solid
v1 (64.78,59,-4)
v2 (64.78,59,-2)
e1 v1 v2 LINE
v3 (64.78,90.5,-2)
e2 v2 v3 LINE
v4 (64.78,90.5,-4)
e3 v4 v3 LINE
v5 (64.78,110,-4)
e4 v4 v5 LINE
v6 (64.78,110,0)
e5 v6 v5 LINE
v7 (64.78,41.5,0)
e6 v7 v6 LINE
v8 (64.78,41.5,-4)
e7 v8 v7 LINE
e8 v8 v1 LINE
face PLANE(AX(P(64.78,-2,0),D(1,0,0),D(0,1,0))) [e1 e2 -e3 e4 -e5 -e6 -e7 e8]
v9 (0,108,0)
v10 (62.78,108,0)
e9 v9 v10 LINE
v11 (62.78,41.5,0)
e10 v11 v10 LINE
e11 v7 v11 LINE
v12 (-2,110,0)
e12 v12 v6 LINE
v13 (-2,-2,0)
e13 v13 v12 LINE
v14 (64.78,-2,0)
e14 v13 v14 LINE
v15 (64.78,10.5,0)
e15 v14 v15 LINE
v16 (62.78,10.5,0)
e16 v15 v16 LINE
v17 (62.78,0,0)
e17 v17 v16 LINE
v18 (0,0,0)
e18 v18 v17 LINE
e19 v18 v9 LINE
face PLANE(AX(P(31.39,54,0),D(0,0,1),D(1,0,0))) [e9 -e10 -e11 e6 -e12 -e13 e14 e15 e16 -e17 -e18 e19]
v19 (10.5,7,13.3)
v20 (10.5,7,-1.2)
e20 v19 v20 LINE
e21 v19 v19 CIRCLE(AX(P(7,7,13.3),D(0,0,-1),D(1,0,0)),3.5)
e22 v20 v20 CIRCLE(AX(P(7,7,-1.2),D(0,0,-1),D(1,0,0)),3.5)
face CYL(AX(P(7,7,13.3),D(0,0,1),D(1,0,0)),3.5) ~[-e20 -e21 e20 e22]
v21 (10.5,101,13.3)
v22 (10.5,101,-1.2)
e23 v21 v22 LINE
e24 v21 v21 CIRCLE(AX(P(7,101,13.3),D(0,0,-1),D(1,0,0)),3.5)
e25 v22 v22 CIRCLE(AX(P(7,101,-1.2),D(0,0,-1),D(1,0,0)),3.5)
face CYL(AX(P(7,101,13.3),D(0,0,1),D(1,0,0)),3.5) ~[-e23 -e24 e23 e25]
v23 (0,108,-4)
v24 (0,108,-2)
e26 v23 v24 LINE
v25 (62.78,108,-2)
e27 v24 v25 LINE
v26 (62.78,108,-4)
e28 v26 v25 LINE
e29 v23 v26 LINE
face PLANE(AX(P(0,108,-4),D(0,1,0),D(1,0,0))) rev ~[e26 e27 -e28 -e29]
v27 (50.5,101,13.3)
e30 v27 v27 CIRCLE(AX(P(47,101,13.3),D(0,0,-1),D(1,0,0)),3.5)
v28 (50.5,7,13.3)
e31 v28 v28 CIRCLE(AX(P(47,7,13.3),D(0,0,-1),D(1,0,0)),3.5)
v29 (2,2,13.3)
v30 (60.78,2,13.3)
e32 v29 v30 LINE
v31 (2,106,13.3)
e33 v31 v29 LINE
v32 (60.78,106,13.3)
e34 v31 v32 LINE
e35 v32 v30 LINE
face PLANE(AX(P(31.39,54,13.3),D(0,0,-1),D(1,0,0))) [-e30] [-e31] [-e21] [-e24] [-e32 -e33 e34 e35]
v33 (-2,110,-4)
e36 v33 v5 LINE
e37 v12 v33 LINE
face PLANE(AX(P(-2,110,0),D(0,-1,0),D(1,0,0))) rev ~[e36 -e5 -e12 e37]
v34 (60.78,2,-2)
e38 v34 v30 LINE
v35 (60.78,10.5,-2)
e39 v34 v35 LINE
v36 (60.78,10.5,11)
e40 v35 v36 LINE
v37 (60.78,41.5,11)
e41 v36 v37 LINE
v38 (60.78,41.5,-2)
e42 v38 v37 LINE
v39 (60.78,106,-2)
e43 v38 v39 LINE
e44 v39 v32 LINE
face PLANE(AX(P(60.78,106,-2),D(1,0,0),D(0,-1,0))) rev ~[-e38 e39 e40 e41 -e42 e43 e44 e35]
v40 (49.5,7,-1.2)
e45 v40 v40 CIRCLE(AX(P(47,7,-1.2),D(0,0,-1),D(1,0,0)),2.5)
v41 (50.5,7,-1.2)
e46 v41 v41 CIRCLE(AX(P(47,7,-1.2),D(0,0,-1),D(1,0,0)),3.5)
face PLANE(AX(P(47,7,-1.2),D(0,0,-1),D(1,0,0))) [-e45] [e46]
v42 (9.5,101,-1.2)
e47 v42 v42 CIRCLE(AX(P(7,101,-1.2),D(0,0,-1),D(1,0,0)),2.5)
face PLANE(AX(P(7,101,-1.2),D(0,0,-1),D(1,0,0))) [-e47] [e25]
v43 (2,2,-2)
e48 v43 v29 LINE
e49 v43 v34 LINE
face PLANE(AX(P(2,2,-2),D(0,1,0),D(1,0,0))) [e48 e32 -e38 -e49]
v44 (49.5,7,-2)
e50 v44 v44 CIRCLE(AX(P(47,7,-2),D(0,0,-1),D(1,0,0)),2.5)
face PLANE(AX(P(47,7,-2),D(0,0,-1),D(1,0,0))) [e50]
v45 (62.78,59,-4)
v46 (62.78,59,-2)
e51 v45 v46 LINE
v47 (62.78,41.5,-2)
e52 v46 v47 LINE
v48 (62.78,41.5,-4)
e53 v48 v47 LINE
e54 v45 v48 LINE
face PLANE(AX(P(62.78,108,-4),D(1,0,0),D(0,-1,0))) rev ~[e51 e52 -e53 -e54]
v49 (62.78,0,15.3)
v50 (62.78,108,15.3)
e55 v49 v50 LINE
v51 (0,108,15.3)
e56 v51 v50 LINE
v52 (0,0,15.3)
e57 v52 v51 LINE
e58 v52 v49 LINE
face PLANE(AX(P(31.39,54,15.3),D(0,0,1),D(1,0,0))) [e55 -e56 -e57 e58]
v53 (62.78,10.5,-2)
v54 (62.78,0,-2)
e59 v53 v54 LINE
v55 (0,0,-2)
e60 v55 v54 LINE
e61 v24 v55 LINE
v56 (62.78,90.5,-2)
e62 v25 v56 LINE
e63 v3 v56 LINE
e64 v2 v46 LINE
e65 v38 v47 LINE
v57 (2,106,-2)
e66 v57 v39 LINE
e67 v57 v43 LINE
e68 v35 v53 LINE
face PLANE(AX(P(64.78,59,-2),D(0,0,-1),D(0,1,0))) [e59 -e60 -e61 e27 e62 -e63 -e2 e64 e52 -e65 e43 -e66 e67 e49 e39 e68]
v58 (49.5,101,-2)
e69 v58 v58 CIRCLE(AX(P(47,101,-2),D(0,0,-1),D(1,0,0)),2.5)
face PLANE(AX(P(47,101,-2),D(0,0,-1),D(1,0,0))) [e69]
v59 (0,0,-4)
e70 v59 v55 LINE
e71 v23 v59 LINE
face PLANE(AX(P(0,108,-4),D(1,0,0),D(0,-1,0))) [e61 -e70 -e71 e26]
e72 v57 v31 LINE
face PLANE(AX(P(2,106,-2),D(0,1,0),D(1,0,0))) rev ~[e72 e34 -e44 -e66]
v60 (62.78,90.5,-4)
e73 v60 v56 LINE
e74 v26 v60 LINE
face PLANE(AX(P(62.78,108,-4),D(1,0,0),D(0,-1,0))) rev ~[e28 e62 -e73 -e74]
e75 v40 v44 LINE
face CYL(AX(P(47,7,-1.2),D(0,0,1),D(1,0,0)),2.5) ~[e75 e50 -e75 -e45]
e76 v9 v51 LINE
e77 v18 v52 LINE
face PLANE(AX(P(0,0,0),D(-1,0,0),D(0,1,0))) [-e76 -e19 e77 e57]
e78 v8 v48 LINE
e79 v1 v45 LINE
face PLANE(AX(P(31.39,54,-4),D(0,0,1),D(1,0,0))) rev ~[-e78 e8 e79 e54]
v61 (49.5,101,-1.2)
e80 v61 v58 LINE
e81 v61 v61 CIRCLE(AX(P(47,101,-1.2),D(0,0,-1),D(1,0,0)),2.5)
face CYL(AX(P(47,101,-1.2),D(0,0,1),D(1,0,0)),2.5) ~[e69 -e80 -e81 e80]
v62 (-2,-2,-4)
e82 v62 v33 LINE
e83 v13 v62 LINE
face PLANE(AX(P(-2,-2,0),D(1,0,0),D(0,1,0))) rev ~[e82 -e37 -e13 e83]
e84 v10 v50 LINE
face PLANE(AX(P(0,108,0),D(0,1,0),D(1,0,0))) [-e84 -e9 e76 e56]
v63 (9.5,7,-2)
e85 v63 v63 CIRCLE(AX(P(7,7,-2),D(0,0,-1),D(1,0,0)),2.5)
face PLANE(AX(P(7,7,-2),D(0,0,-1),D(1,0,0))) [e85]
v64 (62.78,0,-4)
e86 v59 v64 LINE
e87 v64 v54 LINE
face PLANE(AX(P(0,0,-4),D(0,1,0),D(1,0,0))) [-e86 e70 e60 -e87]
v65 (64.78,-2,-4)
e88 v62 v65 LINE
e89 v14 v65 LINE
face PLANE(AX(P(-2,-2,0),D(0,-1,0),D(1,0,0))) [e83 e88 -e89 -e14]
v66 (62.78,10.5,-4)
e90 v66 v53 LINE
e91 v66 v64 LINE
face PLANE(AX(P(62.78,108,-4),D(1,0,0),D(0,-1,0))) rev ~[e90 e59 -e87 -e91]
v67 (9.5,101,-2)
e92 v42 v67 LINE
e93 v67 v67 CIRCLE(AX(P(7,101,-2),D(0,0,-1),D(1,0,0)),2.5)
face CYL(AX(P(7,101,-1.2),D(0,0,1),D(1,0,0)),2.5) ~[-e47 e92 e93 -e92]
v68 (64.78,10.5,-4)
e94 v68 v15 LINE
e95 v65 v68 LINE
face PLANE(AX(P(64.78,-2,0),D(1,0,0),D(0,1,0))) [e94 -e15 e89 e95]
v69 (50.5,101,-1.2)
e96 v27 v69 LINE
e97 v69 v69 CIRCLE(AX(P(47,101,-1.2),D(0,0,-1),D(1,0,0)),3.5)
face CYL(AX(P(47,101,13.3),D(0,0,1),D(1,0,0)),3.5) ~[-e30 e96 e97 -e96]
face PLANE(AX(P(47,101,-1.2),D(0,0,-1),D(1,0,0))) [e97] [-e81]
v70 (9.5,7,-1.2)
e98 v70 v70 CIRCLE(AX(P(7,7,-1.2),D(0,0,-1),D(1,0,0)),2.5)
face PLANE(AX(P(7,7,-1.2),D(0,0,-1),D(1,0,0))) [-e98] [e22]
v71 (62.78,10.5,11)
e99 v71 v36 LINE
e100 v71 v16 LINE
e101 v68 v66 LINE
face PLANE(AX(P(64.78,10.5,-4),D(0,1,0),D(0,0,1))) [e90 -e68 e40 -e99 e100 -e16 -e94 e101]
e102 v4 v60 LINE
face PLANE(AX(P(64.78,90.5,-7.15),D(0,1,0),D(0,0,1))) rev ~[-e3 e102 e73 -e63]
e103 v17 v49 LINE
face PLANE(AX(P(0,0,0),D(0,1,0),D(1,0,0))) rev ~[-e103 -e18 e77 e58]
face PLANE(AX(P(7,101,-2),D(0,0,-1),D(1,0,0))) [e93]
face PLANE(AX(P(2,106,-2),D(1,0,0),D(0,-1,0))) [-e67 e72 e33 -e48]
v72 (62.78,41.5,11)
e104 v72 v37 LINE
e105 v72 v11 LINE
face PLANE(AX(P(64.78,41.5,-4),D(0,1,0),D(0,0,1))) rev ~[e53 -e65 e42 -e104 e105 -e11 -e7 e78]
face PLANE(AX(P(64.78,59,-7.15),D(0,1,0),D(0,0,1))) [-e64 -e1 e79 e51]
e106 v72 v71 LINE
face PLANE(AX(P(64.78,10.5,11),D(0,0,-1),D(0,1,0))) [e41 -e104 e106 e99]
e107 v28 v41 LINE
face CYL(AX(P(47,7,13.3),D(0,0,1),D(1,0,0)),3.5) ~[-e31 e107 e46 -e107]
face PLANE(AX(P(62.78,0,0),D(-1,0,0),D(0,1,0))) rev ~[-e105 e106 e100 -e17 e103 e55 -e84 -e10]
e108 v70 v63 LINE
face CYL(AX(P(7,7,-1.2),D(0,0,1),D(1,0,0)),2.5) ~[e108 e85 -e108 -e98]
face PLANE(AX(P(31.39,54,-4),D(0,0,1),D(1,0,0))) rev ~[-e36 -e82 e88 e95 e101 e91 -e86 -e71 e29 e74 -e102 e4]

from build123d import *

# Parameters (mm, degrees)
SKETCH004_W     = 66.78
SKETCH004_H     = 112
PAD002_DEPTH    = 4
SKETCH005_W     = 62.78
SKETCH005_H     = 108
PAD003_DEPTH    = 15.3
SKETCH006_W     = 62.78
SKETCH006_H     = 108
POCKET002_DEPTH = 2
SKETCH007_W     = 58.78
SKETCH007_H     = 104
POCKET003_DEPTH = 15.3
SKETCH008_R     = 3.5
PAD004_DEPTH    = 14.5
SKETCH009_R     = 2.5
PAD005_DEPTH    = 0.8
SKETCH010_W     = 31.5
SKETCH010_H     = 5.15
POCKET004_DEPTH = 5
SKETCH011_W     = 31
SKETCH011_H     = 15
POCKET005_DEPTH = 5


with BuildPart() as part:
    # Sketch004 → Pad002 (new body)
    with BuildSketch(Plane.XY):
        with Locations((31.39, 54)):
            Rectangle(SKETCH004_W, SKETCH004_H)
    extrude(amount=-PAD002_DEPTH)

    # Sketch005 (on Face5 of Pad002) → Pad003 (join)
    with BuildSketch(Plane.XY):
        with Locations((31.39, 54)):
            Rectangle(SKETCH005_W, SKETCH005_H)
    extrude(amount=PAD003_DEPTH)

    # Sketch006 (on Face5 of Pad003) → Pocket002 (cut)
    with BuildSketch(Plane(origin=(0, 0, -4), x_dir=(1, 0, 0), z_dir=(0, 0, -1))):
        with Locations((31.39, -54)):
            Rectangle(SKETCH006_W, SKETCH006_H)
    extrude(amount=-POCKET002_DEPTH, mode=Mode.SUBTRACT)

    # Sketch007 (on Face16 of Pocket002) → Pocket003 (cut)
    with BuildSketch(Plane(origin=(0, 0, -2), x_dir=(1, 0, 0), z_dir=(0, 0, -1))):
        with Locations((31.39, -54)):
            Rectangle(SKETCH007_W, SKETCH007_H)
    extrude(amount=-POCKET003_DEPTH, mode=Mode.SUBTRACT)

    # Sketch008 (on Face21 of Pocket003) → Pad004 (join)
    with BuildSketch(Plane(origin=(0, 0, 13.3), x_dir=(1, 0, 0), z_dir=(0, 0, -1))):
        with Locations((7, -7)):
            Circle(SKETCH008_R)
        with Locations((47, -7)):
            Circle(SKETCH008_R)
        with Locations((7, -101)):
            Circle(SKETCH008_R)
        with Locations((47, -101)):
            Circle(SKETCH008_R)
    extrude(amount=PAD004_DEPTH)

    # Sketch009 (on Face28 of Pad004) → Pad005 (join)
    with BuildSketch(Plane(origin=(0, 0, -1.2), x_dir=(1, 0, 0), z_dir=(0, 0, -1))):
        with Locations((7, -7)):
            Circle(SKETCH009_R)
        with Locations((47, -7)):
            Circle(SKETCH009_R)
        with Locations((7, -101)):
            Circle(SKETCH009_R)
        with Locations((47, -101)):
            Circle(SKETCH009_R)
    extrude(amount=PAD005_DEPTH)

    # Sketch010 (on Face3 of Pad005) → Pocket004 (cut)
    with BuildSketch(Plane.YZ.offset(64.78)):
        with Locations((74.75, -4.575)):
            Rectangle(SKETCH010_W, SKETCH010_H)
    extrude(amount=-POCKET004_DEPTH, mode=Mode.SUBTRACT)

    # Sketch011 (on Face3 of Pocket004) → Pocket005 (cut)
    with BuildSketch(Plane.YZ.offset(64.78)):
        with Locations((26, 3.5)):
            Rectangle(SKETCH011_W, SKETCH011_H)
    extrude(amount=-POCKET005_DEPTH, mode=Mode.SUBTRACT)


solid = part.part
